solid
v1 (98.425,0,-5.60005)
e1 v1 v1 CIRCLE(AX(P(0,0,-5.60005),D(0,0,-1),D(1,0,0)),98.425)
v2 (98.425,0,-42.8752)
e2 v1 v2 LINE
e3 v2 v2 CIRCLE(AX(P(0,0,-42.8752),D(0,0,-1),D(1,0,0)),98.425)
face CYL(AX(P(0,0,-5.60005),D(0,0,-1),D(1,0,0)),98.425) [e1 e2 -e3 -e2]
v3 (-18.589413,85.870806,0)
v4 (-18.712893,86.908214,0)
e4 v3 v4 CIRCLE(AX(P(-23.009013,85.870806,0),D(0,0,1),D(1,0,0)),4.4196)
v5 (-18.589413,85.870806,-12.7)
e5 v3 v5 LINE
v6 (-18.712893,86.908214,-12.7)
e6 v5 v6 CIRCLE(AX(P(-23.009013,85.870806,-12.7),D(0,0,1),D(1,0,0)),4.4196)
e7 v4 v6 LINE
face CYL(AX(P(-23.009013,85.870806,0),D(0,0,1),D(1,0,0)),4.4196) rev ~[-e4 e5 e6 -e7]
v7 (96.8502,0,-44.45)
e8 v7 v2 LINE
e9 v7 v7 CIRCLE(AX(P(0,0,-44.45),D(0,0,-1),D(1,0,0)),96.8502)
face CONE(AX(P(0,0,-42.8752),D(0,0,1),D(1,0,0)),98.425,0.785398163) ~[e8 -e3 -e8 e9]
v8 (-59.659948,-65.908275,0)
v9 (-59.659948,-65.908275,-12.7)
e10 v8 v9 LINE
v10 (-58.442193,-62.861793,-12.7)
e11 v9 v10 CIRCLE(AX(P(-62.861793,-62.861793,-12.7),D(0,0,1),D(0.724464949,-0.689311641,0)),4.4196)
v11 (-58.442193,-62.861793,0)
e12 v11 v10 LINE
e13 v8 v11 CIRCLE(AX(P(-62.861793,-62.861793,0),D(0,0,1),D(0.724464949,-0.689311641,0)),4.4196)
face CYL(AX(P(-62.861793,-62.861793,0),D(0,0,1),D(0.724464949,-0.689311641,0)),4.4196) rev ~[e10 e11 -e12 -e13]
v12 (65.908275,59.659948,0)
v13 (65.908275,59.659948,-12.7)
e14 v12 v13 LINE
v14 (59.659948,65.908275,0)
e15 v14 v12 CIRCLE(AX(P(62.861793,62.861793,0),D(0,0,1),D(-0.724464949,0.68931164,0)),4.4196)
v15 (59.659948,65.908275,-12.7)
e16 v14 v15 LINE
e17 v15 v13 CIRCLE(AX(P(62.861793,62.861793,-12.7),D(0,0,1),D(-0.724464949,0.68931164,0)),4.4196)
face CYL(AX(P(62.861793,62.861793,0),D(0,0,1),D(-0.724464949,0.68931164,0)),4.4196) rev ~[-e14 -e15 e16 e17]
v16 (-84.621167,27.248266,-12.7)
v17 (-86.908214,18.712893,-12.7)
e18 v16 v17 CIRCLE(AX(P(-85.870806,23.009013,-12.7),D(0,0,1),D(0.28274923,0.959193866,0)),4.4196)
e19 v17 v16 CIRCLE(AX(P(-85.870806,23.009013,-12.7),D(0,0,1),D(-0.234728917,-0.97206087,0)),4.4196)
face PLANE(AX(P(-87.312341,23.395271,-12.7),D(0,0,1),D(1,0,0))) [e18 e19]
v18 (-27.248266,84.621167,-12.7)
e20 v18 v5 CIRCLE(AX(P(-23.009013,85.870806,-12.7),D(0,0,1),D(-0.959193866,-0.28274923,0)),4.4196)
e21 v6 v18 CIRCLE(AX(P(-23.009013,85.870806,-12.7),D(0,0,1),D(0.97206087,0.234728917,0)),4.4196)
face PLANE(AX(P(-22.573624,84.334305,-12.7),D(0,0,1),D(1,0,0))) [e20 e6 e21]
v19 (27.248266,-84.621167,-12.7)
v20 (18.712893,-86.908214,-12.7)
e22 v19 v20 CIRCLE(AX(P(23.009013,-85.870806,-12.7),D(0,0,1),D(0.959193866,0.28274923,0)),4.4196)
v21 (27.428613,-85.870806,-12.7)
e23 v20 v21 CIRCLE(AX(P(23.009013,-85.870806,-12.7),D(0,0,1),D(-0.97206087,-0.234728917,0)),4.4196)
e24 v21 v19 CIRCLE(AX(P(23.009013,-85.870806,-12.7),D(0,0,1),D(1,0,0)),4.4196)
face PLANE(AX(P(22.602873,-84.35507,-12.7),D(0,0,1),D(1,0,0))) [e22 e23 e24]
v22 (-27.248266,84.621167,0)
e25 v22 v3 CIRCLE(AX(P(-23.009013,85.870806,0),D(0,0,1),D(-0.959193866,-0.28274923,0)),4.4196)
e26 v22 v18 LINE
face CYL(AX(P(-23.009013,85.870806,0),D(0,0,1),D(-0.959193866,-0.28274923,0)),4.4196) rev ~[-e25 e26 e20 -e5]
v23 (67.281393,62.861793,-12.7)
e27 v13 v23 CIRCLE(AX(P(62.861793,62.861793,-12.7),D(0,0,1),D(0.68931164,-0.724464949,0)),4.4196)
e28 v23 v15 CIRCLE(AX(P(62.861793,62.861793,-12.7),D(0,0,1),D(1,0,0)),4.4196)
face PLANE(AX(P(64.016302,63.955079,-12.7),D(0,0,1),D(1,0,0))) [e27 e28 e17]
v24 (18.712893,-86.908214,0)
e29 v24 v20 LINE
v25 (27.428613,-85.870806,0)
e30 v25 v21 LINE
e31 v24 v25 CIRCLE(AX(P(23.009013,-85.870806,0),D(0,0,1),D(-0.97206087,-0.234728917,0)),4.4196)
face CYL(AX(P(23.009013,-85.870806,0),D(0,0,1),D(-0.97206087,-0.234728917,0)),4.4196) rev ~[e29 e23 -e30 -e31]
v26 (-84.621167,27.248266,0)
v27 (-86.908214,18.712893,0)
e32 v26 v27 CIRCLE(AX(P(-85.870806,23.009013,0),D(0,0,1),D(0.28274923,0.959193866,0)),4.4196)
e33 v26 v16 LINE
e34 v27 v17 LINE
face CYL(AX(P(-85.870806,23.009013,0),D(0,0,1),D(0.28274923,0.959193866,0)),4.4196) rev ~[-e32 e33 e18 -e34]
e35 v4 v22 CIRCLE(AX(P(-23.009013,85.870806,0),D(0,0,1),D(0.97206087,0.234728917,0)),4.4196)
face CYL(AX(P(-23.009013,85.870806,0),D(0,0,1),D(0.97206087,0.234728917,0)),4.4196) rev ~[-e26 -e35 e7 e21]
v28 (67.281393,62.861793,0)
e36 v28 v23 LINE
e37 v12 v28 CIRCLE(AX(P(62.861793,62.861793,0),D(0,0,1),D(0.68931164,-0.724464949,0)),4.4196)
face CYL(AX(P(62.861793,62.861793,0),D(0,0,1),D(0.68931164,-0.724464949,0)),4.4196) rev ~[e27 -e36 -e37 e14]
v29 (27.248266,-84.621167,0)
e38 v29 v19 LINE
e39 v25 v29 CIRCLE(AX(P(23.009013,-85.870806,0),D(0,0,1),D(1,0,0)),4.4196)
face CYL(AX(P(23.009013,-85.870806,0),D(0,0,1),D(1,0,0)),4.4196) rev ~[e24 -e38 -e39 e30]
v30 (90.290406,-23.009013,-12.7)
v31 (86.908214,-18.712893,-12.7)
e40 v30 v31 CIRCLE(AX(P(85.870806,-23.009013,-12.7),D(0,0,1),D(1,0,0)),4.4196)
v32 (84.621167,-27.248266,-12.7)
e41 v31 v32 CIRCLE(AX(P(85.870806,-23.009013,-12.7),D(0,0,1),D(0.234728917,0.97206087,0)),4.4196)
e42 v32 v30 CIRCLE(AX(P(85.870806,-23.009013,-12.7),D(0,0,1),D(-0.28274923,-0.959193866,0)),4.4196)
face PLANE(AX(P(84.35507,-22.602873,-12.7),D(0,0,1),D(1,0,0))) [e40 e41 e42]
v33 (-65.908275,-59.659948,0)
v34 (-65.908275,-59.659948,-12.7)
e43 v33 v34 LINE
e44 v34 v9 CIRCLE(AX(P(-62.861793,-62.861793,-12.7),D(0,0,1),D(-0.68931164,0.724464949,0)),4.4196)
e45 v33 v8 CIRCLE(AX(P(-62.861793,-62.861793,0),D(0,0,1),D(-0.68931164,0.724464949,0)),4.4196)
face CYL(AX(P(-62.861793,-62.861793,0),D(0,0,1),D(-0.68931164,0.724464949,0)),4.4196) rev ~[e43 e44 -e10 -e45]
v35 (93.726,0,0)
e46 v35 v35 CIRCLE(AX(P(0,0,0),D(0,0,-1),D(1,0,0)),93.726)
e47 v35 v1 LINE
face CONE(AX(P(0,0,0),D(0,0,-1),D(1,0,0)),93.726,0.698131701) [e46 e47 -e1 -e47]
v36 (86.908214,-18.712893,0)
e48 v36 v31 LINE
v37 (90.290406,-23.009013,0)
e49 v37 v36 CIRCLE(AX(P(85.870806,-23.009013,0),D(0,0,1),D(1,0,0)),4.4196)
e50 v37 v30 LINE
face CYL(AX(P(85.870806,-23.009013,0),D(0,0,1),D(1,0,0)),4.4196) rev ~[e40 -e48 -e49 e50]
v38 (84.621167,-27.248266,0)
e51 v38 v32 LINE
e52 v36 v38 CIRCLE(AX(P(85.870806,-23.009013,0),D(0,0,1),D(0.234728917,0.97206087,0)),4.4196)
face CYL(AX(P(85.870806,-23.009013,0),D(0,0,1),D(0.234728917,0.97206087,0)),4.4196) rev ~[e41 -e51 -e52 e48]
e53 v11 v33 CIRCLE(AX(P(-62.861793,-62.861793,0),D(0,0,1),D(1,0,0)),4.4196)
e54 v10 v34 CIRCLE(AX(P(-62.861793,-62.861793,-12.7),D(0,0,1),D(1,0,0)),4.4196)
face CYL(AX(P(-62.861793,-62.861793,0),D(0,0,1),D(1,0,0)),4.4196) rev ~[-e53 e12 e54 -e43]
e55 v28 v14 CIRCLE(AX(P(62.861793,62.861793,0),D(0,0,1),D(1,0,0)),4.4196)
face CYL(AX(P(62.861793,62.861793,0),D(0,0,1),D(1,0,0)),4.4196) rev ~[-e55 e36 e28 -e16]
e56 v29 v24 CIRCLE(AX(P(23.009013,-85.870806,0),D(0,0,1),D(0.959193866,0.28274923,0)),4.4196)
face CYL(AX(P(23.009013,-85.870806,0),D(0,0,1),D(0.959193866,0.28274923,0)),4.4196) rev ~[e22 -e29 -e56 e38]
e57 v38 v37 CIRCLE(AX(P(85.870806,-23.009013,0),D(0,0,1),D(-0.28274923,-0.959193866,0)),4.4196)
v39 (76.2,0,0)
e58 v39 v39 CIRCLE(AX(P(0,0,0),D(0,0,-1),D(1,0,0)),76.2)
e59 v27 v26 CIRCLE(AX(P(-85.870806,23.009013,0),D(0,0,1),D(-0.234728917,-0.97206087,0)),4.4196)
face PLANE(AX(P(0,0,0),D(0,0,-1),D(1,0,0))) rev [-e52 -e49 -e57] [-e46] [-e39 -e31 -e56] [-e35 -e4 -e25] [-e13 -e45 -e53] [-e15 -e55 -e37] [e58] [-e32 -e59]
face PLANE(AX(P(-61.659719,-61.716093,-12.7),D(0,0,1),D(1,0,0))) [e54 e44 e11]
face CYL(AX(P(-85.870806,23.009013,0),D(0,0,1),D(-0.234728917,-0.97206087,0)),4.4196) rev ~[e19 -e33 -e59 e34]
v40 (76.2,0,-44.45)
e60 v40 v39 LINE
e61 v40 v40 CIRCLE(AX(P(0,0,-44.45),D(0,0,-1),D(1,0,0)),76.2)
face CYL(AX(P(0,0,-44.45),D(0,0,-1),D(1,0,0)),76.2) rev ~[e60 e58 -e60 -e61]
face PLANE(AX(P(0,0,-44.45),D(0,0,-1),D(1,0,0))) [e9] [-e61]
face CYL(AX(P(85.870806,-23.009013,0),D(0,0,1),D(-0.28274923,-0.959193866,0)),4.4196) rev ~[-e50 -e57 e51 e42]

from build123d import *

# Parameters (mm, degrees)
F2_SIZE2 = 1.5748
F2_SIZE  = 1.5748
F4_DEPTH = 12.7
F5_R     = 76.2
F6_DEPTH = 44.451
F8_ANGLE = 180


with BuildPart() as f1:
    # F0 (on Front) → F1 (revolve)
    with BuildSketch(Plane.XZ):
        Polygon((98.425, 0), (0, 0), (0, -44.45), (93.726, -44.45), (98.425, -38.8499498684), align=None)
    revolve(axis=Axis((0, 0, -22.225), (0, 0, 1)))

    # F2
    f2_edges = [f1.edges().sort_by_distance(p)[0] for p in [
        (-98.425, 0, 0),
    ]]
    chamfer(f2_edges, length=F2_SIZE, length2=F2_SIZE2)

    # F3 (on face) → F4 (cut)
    with BuildSketch(Plane(origin=(0, 0, -44.45), x_dir=(1, 0, 0), z_dir=(0, 0, -1))):
        with BuildLine():
            ThreePointArc((-18.5894131096, 85.8708059571), (-18.6203916237, 86.3931713593), (-18.7128928876, 86.9082138798))
            ThreePointArc((-18.7128928876, 86.9082138798), (-23.0090131096, 85.8708059571), (-27.2482663209, 84.6211674612))
            ThreePointArc((-27.2482663209, 84.6211674612), (-22.3777205201, 81.4965250075), (-18.5894131096, 85.8708059571))
        make_face()
        with BuildLine():
            ThreePointArc((-27.2482663209, 84.6211674612), (-23.0090131096, 85.8708059571), (-18.7128928876, 86.9082138798))
            ThreePointArc((-18.7128928876, 86.9082138798), (-24.1528897613, 90.139811739), (-27.2482663209, 84.6211674612))
        make_face()
        with BuildLine():
            ThreePointArc((59.6599475589, 65.9082745736), (62.8617928475, 62.8617928475), (65.9082745736, 59.6599475589))
            ThreePointArc((65.9082745736, 59.6599475589), (66.923633243, 61.1198638129), (67.2813928475, 62.8617928475))
            ThreePointArc((67.2813928475, 62.8617928475), (64.5022179025, 66.9656775679), (59.6599475589, 65.9082745736))
        make_face()
        with BuildLine():
            ThreePointArc((59.6599475589, 65.9082745736), (59.7366637174, 59.7366637174), (65.9082745736, 59.6599475589))
            ThreePointArc((65.9082745736, 59.6599475589), (62.8617928475, 62.8617928475), (59.6599475589, 65.9082745736))
        make_face()
        with BuildLine():
            ThreePointArc((-86.9082138798, 18.7128928876), (-85.8708059571, 23.0090131096), (-84.6211674612, 27.2482663209))
            ThreePointArc((-84.6211674612, 27.2482663209), (-90.139811739, 24.1528897613), (-86.9082138798, 18.7128928876))
        make_face()
        with BuildLine():
            ThreePointArc((-81.4512059571, 23.0090131096), (-82.3313309638, 25.6557055609), (-84.6211674612, 27.2482663209))
            ThreePointArc((-84.6211674612, 27.2482663209), (-85.8708059571, 23.0090131096), (-86.9082138798, 18.7128928876))
            ThreePointArc((-86.9082138798, 18.7128928876), (-83.1369500625, 19.5364209787), (-81.4512059571, 23.0090131096))
        make_face()
        with BuildLine():
            ThreePointArc((-65.9082745736, -59.6599475589), (-62.8617928475, -62.8617928475), (-59.6599475589, -65.9082745736))
            ThreePointArc((-59.6599475589, -65.9082745736), (-58.757908127, -64.5022179025), (-58.4421928475, -62.8617928475))
            ThreePointArc((-58.4421928475, -62.8617928475), (-61.1198638129, -58.799952452), (-65.9082745736, -59.6599475589))
        make_face()
        with BuildLine():
            ThreePointArc((-65.9082745736, -59.6599475589), (-65.9869219776, -65.9869219776), (-59.6599475589, -65.9082745736))
            ThreePointArc((-59.6599475589, -65.9082745736), (-62.8617928475, -62.8617928475), (-65.9082745736, -59.6599475589))
        make_face()
        with BuildLine():
            ThreePointArc((18.7128928876, -86.9082138798), (23.0090131096, -85.8708059571), (27.2482663209, -84.6211674612))
            ThreePointArc((27.2482663209, -84.6211674612), (21.8651364579, -81.6018001752), (18.7128928876, -86.9082138798))
        make_face()
        with BuildLine():
            ThreePointArc((27.4286131096, -85.8708059571), (27.3832940593, -85.2395133675), (27.2482663209, -84.6211674612))
            ThreePointArc((27.2482663209, -84.6211674612), (23.0090131096, -85.8708059571), (18.7128928876, -86.9082138798))
            ThreePointArc((18.7128928876, -86.9082138798), (23.5313785118, -90.259427443), (27.4286131096, -85.8708059571))
        make_face()
        with BuildLine():
            ThreePointArc((84.6211674612, -27.2482663209), (85.8708059571, -23.0090131096), (86.9082138798, -18.7128928876))
            ThreePointArc((86.9082138798, -18.7128928876), (81.6018001752, -21.8651364579), (84.6211674612, -27.2482663209))
        make_face()
        with BuildLine():
            ThreePointArc((90.2904059571, -23.0090131096), (89.343398088, -20.275157215), (86.9082138798, -18.7128928876))
            ThreePointArc((86.9082138798, -18.7128928876), (85.8708059571, -23.0090131096), (84.6211674612, -27.2482663209))
            ThreePointArc((84.6211674612, -27.2482663209), (88.5174984084, -26.5484881029), (90.2904059571, -23.0090131096))
        make_face()
    extrude(amount=-F4_DEPTH, mode=Mode.SUBTRACT)

    # F5 (on face) → F6 (cut, through all)
    with BuildSketch(Plane.XY):
        Circle(F5_R)
    extrude(amount=-F6_DEPTH, mode=Mode.SUBTRACT)


with BuildPart() as f1_1:
    # F8: moved
    add(f1.part.rotate(Axis((4.3097957969, 0, 0), (-1, 0, 0)), F8_ANGLE))


with BuildPart() as f1_2:
    # F9: moved
    add(f1_1.part.moved(Location((0, 0, -44.45))))


solid = f1_2.part
